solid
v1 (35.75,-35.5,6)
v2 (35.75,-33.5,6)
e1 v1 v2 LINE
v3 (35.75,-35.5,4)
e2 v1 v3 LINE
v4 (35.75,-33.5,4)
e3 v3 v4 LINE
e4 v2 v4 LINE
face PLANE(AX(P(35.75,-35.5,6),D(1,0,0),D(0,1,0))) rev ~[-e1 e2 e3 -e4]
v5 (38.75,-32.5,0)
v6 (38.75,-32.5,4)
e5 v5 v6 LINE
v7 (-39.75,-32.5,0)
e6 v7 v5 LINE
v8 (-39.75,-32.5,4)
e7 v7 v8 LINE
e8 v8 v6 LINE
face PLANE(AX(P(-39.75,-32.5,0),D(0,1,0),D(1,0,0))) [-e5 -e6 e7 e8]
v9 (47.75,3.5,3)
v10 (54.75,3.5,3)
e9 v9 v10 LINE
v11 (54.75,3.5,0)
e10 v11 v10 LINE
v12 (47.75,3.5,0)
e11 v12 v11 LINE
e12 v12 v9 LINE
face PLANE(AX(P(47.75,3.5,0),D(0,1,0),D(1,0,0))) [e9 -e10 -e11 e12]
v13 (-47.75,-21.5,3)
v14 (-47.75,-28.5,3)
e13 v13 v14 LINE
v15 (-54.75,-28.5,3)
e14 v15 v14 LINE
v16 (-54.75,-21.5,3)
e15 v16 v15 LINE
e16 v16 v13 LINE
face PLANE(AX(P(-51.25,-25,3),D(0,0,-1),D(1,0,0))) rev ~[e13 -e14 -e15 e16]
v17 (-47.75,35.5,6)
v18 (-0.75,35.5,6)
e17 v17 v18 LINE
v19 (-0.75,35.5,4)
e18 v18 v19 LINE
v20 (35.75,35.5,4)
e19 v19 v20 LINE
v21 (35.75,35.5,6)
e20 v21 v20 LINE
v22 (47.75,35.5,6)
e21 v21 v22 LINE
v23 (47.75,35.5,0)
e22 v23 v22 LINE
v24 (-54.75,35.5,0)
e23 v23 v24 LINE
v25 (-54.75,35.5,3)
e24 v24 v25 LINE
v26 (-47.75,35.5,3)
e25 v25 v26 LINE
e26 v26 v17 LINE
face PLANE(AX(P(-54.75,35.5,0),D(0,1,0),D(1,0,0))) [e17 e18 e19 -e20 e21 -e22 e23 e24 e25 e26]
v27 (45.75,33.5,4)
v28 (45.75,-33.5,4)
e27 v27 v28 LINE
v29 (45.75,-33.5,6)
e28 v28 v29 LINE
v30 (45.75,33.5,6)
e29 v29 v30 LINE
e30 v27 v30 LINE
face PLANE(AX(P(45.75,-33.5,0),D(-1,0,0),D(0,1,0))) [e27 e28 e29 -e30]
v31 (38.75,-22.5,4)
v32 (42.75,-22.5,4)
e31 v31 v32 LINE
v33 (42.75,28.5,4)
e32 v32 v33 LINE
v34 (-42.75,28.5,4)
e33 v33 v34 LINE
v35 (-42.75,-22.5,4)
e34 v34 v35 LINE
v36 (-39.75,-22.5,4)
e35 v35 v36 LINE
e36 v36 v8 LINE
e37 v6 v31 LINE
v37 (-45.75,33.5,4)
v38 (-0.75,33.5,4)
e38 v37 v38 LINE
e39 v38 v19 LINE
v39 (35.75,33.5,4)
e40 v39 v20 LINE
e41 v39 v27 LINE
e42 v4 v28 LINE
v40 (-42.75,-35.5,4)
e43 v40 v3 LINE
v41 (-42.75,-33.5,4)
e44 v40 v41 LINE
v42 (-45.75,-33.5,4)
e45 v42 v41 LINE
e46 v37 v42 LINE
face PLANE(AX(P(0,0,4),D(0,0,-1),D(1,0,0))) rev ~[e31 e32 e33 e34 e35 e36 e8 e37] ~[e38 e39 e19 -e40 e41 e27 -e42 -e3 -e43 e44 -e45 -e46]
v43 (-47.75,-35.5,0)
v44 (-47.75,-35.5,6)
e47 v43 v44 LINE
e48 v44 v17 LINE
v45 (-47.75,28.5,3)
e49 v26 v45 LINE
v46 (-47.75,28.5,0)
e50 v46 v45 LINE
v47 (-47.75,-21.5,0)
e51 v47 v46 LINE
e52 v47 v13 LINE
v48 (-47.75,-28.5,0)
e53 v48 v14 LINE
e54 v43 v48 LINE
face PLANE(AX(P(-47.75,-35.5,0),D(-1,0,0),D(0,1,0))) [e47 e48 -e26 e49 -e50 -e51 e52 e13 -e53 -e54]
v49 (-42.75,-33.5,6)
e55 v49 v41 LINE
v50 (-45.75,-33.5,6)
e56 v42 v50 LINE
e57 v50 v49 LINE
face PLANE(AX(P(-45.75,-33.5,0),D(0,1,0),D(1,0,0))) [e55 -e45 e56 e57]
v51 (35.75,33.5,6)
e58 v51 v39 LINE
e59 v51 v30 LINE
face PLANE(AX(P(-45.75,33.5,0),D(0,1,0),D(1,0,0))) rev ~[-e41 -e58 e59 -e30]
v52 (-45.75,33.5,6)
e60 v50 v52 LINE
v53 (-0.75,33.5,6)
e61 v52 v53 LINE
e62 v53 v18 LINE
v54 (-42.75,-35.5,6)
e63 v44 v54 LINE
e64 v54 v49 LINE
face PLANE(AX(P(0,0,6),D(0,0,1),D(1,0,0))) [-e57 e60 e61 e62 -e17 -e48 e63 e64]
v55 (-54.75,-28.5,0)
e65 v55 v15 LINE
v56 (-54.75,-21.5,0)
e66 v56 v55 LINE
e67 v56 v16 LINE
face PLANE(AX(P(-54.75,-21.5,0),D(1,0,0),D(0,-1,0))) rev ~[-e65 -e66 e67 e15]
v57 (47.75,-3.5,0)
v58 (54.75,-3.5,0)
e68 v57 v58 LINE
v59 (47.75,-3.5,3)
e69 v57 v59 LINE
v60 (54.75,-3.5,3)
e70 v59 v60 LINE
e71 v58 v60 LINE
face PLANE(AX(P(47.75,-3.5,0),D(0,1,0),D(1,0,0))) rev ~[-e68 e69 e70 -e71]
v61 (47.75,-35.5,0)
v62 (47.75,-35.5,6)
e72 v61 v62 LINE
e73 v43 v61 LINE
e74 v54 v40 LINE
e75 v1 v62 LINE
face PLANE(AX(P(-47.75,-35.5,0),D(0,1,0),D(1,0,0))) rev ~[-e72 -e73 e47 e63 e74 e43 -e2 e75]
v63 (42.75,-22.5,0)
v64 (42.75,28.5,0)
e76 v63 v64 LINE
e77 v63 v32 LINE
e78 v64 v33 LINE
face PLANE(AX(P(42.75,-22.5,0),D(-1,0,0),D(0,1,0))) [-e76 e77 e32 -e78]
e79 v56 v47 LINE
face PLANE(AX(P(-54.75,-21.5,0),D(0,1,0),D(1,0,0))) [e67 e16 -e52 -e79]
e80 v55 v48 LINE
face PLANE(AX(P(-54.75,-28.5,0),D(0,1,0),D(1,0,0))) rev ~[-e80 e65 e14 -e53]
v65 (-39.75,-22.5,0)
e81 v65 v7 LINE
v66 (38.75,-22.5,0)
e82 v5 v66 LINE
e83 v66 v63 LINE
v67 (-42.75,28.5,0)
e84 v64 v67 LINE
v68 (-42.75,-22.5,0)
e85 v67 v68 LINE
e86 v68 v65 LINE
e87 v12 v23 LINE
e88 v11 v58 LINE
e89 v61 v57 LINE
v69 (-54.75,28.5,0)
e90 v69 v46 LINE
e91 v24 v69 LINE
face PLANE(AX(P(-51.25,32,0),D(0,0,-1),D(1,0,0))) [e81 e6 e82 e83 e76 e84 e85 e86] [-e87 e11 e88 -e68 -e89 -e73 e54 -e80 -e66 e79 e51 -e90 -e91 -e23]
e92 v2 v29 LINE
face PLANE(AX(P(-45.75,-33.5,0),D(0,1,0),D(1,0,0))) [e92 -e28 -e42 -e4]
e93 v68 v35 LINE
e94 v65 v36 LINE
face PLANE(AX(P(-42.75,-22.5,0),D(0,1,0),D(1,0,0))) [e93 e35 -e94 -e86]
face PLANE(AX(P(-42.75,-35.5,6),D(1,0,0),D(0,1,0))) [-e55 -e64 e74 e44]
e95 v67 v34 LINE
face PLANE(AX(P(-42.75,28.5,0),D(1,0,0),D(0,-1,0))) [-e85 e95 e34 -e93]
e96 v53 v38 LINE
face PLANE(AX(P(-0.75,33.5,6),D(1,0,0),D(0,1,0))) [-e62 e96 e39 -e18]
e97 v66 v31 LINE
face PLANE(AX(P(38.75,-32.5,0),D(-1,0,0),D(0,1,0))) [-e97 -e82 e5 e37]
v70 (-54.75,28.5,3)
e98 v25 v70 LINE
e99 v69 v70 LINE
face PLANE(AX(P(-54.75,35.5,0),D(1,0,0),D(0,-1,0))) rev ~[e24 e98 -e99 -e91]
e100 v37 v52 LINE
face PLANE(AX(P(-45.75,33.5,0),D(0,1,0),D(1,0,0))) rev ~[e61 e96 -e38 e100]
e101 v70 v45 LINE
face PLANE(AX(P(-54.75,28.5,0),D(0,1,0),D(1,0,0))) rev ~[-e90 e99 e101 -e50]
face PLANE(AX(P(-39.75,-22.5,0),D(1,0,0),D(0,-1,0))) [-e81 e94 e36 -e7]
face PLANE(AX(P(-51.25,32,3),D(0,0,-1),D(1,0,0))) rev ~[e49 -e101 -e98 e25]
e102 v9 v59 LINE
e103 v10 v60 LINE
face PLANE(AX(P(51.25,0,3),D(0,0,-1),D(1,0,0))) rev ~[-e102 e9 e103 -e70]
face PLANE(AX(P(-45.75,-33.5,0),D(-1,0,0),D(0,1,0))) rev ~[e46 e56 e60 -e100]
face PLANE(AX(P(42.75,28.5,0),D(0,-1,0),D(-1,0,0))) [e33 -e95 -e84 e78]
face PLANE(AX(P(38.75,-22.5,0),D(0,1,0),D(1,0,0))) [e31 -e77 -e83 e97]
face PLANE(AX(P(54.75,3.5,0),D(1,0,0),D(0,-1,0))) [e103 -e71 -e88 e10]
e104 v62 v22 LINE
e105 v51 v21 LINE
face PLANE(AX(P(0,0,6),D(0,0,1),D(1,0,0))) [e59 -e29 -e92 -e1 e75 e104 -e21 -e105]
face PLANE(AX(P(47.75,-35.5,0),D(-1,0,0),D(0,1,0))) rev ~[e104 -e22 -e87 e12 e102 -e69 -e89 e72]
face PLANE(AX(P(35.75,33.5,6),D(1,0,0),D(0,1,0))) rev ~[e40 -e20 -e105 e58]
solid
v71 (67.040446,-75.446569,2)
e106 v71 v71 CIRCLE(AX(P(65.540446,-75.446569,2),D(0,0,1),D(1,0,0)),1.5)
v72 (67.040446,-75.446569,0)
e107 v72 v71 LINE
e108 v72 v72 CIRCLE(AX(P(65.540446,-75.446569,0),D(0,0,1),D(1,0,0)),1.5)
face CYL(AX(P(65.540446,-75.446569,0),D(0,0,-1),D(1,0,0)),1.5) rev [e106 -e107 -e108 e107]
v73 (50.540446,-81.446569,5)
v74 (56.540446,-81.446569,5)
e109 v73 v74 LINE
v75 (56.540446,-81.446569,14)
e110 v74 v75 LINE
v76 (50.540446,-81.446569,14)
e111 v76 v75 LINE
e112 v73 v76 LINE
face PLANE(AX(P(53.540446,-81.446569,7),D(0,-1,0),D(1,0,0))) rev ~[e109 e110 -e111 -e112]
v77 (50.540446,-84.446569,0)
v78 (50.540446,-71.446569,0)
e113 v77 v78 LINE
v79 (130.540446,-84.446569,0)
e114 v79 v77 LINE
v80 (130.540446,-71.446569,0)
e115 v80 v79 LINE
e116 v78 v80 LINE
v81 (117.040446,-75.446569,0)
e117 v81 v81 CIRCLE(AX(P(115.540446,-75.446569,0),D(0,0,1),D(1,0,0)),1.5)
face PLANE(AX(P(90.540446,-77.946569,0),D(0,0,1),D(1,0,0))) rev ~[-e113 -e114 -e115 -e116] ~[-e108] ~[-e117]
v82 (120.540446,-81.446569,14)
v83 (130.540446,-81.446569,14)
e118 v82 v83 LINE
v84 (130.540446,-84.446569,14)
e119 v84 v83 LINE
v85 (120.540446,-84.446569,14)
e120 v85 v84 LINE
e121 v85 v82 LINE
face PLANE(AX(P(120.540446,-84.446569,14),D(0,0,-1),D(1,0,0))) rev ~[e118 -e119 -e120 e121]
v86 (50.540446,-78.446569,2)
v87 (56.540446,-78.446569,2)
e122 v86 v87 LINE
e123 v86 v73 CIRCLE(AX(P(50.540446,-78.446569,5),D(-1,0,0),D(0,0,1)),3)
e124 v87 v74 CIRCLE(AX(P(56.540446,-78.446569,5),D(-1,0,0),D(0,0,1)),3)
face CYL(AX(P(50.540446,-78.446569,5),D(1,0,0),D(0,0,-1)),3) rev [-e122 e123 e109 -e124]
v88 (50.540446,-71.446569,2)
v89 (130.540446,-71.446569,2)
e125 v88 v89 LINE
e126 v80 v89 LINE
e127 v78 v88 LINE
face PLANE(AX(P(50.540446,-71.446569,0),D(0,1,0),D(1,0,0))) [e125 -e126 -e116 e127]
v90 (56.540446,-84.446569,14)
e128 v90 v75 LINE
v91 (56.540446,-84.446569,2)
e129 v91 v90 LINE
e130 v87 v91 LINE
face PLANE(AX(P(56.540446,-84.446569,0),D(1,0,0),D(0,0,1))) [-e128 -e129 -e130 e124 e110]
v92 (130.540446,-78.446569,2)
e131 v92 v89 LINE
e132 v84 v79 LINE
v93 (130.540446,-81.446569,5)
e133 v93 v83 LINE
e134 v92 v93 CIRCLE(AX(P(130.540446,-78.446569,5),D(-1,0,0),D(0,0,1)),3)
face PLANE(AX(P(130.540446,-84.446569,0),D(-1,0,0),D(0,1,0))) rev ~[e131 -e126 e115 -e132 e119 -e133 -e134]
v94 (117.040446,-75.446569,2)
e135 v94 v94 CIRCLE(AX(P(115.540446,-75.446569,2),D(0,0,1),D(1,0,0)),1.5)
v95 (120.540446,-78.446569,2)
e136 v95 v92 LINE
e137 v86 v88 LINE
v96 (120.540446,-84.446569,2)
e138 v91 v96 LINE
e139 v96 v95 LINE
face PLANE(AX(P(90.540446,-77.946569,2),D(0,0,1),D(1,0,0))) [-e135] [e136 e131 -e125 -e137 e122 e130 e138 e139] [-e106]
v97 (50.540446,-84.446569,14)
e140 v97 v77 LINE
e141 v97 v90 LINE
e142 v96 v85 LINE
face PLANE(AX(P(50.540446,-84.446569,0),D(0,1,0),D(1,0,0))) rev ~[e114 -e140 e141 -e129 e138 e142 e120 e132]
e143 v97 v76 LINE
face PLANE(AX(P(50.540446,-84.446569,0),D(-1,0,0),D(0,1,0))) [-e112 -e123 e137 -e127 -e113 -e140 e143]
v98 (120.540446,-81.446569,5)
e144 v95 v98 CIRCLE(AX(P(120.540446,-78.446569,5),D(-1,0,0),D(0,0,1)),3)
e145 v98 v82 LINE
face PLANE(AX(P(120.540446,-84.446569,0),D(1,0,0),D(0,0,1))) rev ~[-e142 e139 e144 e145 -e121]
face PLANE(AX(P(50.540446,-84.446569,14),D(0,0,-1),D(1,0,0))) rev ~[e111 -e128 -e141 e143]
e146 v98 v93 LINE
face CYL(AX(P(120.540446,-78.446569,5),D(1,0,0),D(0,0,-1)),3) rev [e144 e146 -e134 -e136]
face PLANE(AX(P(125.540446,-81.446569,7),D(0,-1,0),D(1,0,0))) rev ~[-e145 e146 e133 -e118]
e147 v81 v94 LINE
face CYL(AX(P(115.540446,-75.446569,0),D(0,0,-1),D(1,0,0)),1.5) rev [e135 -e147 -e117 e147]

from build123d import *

# Parameters (mm, degrees)
F0_W      = 95.5
F0_H      = 71
F0_W_2    = 91.5
F0_H_2    = 67
F1_DEPTH  = 6
F2_W      = 91.5
F2_H      = 67
F3_DEPTH  = 4
F4_W      = 78.5
F4_H      = 2
F4_W_2    = 36.5
F5_DEPTH  = 2
F6_W      = 7
F6_H      = 7
F7_DEPTH  = 3
F8_W      = 80
F8_H      = 13
F8_R      = 1.5
F9_DEPTH  = 2
F10_W     = 10
F10_H     = 14
F10_W_2   = 6
F11_DEPTH = 3
F12_R     = 3


with BuildPart() as f1:
    # F0 (on Top) → F1 (new body)
    with BuildSketch(Plane.XY):
        Rectangle(F0_W, F0_H)
        Rectangle(F0_W_2, F0_H_2, mode=Mode.SUBTRACT)
    extrude(amount=F1_DEPTH)

    # F2 (on face) → F3 (join)
    with BuildSketch(Plane(origin=(0, 0, 0), x_dir=(1, 0, 0), z_dir=(0, 0, -1))):
        Rectangle(F2_W, F2_H)
        Polygon((-30.75, -28.5), (-42.75, -28.5), (-42.75, 22.5), (-39.75, 22.5), (-39.75, 32.5), (38.75, 32.5), (38.75, 22.5), (42.75, 22.5), (42.75, -28.5), (-20.75, -28.5), align=None, mode=Mode.SUBTRACT)
    extrude(amount=-F3_DEPTH)

    # F4 (on face) → F5 (cut)
    with BuildSketch(Plane.XY.offset(6)):
        with Locations((-3.5, -34.5)):
            Rectangle(F4_W, F4_H)
        with Locations((17.5, 34.5)):
            Rectangle(F4_W_2, F4_H)
    extrude(amount=-F5_DEPTH, mode=Mode.SUBTRACT)

    # F6 (on face) → F7 (join)
    with BuildSketch(Plane(origin=(0, 0, 0), x_dir=(1, 0, 0), z_dir=(0, 0, -1))):
        with Locations((-51.25, 25)):
            Rectangle(F6_W, F6_H)
        with Locations((-51.25, -32)):
            Rectangle(F6_W, F6_H)
        with Locations((51.25, 0)):
            Rectangle(F6_W, F6_H)
    extrude(amount=-F7_DEPTH)


with BuildPart() as f9:
    # F8 (on Top) → F9 (new body)
    with BuildSketch(Plane.XY):
        with Locations((90.540446, -77.946569)):
            Rectangle(F8_W, F8_H)
        with Locations((65.540446, -75.446569)):
            Circle(F8_R, mode=Mode.SUBTRACT)
        with Locations((115.540446, -75.446569)):
            Circle(F8_R, mode=Mode.SUBTRACT)
    extrude(amount=F9_DEPTH)

    # F10 (on face) → F11 (join)
    with BuildSketch(Plane.XZ.offset(84.446569)):
        with Locations((125.540446, 7)):
            Rectangle(F10_W, F10_H)
        with Locations((53.540446, 7)):
            Rectangle(F10_W_2, F10_H)
    extrude(amount=-F11_DEPTH)

    # F12
    f12_edges = [f9.edges().sort_by_distance(p)[0] for p in [
        (53.540446, -81.446569, 2),
        (125.540446, -81.446569, 2),
    ]]
    fillet(f12_edges, radius=F12_R)


solid = Compound([f1.part, f9.part])
